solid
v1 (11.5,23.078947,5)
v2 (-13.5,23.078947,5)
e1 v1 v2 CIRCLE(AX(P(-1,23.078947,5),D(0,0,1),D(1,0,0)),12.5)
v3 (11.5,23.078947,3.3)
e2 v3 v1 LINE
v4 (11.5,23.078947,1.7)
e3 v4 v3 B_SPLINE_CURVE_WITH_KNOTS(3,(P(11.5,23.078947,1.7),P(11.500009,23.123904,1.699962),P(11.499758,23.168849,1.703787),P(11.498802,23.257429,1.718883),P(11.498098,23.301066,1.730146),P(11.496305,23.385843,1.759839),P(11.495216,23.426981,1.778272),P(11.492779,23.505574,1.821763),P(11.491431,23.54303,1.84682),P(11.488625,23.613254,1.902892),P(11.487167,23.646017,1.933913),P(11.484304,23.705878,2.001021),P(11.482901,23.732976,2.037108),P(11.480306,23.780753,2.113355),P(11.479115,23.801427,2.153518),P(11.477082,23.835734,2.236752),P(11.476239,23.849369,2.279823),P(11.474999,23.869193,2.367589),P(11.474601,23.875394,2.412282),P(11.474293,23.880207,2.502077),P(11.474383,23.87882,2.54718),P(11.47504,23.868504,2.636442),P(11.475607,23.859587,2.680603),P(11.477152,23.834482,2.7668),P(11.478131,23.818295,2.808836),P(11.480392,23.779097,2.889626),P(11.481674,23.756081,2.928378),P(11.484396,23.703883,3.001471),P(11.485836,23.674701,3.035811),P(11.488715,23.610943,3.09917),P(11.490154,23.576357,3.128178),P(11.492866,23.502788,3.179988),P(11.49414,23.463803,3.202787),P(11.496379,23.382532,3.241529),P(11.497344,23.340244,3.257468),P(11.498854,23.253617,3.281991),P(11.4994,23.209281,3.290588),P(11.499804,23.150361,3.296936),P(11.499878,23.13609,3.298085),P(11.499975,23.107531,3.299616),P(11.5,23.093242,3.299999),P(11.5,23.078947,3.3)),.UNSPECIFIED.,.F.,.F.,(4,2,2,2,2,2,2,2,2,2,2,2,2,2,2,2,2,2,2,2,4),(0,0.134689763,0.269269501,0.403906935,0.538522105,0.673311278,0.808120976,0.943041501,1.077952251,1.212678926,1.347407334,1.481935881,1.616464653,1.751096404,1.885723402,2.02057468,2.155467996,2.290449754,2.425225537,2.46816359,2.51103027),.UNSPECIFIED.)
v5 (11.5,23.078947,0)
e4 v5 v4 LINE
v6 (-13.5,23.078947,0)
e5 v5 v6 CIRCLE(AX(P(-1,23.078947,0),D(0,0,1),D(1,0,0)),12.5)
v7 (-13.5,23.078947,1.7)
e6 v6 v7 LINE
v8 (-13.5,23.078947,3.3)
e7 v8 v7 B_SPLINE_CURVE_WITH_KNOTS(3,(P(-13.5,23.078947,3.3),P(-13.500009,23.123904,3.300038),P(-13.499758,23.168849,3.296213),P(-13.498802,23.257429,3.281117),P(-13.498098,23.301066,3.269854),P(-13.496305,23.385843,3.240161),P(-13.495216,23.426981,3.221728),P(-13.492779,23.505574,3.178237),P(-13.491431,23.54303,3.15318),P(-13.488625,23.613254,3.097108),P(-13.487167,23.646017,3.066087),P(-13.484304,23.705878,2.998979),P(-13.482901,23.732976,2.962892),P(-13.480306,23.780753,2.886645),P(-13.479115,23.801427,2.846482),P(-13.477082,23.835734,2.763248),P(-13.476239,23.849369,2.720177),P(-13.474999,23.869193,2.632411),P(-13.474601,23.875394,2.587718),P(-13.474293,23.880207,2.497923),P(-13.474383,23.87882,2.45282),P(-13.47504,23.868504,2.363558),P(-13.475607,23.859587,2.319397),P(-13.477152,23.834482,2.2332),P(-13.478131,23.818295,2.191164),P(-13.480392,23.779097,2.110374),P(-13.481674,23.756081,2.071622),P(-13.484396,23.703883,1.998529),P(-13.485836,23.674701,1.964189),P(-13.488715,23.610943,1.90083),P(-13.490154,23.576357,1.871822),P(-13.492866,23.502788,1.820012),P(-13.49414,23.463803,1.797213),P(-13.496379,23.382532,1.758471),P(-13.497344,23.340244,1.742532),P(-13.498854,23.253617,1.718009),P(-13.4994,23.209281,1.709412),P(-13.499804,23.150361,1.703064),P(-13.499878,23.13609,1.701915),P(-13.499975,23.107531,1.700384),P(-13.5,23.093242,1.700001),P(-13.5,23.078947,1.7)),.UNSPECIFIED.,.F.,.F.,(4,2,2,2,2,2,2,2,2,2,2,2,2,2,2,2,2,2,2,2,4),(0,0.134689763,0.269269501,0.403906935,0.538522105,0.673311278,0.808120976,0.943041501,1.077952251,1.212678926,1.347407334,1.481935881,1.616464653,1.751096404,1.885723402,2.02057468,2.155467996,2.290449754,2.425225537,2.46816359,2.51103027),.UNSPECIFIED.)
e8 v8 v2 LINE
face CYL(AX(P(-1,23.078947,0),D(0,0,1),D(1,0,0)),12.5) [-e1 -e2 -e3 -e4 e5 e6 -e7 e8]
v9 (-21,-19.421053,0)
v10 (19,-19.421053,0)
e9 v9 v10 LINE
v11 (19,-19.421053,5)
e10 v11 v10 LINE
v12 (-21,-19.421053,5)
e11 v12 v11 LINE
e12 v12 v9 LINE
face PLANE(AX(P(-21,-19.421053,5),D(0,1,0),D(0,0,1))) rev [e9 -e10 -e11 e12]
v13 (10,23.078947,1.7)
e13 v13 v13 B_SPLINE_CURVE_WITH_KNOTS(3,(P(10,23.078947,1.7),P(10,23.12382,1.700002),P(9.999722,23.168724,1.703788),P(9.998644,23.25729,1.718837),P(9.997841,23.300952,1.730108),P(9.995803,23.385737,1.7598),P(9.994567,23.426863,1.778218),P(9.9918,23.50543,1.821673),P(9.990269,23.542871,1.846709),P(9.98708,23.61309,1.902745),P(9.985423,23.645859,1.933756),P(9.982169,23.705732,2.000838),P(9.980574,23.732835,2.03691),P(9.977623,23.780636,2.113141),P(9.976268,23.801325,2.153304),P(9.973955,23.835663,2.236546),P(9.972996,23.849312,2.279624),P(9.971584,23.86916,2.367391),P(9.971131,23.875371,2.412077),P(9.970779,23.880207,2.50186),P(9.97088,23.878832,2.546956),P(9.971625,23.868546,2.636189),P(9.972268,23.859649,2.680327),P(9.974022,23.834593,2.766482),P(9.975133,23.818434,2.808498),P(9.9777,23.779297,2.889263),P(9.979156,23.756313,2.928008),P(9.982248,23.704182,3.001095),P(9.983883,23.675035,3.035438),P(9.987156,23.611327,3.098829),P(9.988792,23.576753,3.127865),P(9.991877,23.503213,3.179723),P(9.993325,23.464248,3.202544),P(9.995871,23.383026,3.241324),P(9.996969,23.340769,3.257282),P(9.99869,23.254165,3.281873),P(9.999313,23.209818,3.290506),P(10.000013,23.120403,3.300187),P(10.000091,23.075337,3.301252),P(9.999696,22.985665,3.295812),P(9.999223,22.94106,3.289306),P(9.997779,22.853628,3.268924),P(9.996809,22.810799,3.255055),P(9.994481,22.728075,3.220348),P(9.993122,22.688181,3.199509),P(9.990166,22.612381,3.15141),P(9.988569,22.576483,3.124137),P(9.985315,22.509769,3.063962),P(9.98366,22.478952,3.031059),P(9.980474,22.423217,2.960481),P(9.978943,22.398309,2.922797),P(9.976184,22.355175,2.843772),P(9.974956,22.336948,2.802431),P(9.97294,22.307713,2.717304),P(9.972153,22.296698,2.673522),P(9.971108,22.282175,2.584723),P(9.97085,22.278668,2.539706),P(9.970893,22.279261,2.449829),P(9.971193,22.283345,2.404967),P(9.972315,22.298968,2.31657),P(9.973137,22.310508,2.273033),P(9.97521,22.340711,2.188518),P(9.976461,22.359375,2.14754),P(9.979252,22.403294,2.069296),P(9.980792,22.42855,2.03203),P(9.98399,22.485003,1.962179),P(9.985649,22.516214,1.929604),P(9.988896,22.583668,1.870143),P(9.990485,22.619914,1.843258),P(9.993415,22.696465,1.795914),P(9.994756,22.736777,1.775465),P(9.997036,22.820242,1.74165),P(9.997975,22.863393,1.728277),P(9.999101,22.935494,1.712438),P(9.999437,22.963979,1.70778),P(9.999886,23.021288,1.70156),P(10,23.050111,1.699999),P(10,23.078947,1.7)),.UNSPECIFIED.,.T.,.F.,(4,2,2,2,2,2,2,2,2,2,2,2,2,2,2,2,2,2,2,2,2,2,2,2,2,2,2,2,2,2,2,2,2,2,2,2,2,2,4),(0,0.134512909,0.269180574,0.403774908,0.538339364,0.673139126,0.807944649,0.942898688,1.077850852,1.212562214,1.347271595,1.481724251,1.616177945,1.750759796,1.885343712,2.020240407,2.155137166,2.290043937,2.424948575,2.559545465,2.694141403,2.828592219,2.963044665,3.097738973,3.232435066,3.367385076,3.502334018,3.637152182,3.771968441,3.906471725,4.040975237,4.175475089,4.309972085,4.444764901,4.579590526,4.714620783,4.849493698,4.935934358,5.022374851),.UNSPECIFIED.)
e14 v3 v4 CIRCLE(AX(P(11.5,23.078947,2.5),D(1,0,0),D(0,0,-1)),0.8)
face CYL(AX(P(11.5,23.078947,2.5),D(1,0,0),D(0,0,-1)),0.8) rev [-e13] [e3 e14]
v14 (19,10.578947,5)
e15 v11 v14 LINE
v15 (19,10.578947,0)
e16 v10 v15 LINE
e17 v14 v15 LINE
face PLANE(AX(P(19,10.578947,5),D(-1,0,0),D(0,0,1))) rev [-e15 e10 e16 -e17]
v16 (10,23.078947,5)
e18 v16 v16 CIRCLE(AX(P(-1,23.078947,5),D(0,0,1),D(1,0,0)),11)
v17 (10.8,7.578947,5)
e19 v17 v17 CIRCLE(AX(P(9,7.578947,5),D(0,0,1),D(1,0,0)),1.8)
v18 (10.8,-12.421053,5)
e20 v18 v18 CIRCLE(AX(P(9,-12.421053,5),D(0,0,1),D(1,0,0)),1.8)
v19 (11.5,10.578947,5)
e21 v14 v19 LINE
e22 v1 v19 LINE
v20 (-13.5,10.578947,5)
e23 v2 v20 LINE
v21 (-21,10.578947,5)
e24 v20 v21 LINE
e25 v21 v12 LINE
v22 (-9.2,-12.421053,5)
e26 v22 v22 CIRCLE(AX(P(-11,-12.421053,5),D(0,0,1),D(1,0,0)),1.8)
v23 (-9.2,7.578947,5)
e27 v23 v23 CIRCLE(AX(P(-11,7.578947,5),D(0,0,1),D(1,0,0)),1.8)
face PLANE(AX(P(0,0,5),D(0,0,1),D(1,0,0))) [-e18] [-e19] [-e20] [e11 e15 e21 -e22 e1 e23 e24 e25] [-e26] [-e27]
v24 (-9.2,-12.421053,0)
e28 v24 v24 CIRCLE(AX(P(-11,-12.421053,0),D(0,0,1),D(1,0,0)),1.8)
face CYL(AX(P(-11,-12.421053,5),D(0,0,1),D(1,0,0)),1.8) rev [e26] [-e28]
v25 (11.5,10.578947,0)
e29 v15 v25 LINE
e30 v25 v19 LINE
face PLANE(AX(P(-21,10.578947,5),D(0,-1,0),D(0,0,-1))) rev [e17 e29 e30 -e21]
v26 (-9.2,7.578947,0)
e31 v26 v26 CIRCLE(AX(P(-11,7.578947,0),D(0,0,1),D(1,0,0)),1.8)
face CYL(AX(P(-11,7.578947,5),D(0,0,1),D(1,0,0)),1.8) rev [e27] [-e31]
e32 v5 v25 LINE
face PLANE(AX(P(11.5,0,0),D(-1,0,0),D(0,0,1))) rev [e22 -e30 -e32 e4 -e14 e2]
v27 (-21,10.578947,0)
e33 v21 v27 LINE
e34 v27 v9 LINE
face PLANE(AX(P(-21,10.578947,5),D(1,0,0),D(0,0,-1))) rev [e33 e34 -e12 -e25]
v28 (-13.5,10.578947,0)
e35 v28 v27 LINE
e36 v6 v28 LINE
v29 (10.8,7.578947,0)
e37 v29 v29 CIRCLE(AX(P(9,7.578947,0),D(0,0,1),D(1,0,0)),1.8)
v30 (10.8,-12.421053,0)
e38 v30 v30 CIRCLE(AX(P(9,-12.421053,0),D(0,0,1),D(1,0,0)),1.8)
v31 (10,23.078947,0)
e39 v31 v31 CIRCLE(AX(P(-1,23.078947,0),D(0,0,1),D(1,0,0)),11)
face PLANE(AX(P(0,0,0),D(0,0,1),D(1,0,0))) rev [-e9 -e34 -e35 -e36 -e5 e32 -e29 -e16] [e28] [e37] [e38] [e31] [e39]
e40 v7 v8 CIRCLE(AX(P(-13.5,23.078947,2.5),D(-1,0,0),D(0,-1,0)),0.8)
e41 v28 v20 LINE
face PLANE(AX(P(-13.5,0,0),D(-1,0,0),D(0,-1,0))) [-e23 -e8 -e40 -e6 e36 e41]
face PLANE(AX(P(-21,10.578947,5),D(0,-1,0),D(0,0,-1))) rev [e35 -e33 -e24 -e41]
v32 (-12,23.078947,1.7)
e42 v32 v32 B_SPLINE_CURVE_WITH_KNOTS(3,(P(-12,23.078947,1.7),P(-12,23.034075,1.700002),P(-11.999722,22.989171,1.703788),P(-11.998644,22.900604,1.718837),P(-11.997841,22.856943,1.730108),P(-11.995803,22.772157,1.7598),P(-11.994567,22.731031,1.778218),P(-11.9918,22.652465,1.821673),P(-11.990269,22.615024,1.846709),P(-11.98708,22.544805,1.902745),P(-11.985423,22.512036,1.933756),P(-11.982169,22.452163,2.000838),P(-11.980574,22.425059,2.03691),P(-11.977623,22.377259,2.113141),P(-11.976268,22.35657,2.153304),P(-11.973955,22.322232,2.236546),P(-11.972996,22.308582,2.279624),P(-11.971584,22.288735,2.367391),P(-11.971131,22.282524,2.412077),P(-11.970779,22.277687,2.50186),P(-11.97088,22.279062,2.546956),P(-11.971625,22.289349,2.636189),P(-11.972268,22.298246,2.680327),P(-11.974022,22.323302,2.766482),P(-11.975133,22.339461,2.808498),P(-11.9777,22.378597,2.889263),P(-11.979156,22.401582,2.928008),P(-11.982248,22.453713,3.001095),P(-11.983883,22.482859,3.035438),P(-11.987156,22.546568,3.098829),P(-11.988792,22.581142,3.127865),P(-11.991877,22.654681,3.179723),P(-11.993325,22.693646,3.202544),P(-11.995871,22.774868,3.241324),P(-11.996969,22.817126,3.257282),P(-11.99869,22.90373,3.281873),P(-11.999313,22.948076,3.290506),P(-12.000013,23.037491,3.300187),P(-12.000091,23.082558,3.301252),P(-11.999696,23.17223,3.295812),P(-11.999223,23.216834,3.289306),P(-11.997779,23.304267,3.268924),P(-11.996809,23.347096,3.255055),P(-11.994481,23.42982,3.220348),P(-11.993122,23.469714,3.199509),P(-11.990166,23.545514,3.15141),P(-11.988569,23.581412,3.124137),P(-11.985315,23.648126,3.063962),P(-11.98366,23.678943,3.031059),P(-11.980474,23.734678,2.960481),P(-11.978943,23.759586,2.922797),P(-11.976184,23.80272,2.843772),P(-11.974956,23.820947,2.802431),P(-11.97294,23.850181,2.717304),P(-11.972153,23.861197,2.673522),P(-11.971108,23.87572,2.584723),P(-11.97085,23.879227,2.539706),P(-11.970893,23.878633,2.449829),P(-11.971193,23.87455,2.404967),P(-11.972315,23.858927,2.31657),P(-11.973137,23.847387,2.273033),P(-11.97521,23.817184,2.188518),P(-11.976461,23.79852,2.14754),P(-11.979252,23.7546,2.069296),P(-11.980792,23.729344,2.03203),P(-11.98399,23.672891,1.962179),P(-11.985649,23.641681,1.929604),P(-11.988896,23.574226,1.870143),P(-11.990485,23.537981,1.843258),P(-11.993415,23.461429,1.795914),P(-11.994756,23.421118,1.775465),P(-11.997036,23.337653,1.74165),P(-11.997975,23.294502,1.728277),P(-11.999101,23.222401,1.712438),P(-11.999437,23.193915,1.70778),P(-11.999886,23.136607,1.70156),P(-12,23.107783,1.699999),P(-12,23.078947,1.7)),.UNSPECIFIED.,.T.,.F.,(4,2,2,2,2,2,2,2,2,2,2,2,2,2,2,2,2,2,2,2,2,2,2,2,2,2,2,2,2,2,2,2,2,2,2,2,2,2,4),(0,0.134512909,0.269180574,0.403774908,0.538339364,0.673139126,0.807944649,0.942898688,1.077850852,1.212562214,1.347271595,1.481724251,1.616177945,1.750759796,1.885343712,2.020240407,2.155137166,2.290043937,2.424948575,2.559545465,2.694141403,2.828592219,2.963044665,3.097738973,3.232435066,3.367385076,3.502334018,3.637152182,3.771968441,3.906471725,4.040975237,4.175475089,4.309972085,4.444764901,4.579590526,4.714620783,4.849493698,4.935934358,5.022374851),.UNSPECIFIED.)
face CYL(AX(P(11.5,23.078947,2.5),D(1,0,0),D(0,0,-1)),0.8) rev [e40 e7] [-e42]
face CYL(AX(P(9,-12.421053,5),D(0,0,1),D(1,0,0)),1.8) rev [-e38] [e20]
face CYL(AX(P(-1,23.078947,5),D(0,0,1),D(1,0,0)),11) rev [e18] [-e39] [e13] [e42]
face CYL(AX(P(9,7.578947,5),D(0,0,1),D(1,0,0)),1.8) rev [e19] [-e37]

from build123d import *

# Parameters (mm, degrees)
ESQUISSE1_W                               = 40
ESQUISSE1_H                               = 30
BOSS_EXTRU_1_DEPTH                        = 5
BOSS_EXTRU_2_DEPTH                        = 5
TROUS_DE_CENTRAGE_1_0MM1_D                = 22
D_GAGEMENT_M34_D                          = 3.6
TROU_POUR_TARAUDAGE_POUR_TROU_TARAUD_M2_D = 1.6


with BuildPart() as part:
    # Esquisse1 → Boss.-Extru.1 (new body)
    with BuildSketch(Plane.XY):
        with Locations((-1, -4.421052632)):
            Rectangle(ESQUISSE1_W, ESQUISSE1_H)
    extrude(amount=BOSS_EXTRU_1_DEPTH)

    # Esquisse2 → Boss.-Extru.2 (add)
    with BuildSketch(Plane.XY.offset(5)):
        with BuildLine():
            Line((-13.5, 10.578947368), (11.5, 10.578947368))
            Line((11.5, 10.578947368), (11.5, 23.078947368))
            ThreePointArc((11.5, 23.078947368), (-1, 35.578947368), (-13.5, 23.078947368))
            Line((-13.5, 23.078947368), (-13.5, 10.578947368))
        make_face()
    extrude(amount=-BOSS_EXTRU_2_DEPTH)

    # Trous de centrage Ø1.0mm1 (through all)
    with Locations(Plane.XY.offset(5)):
        with Locations((-1, 23.078947368)):
            Hole(TROUS_DE_CENTRAGE_1_0MM1_D / 2)

    # Dégagement M34 (through all)
    with Locations(Plane.XY.offset(5)):
        with Locations((9, 7.578947368), (-11, 7.578947368), (-11, -12.421052632), (9, -12.421052632)):
            Hole(D_GAGEMENT_M34_D / 2)

    # Trou pour taraudage pour trou taraudé M23 (through all)
    with Locations(Plane(origin=(11.5, 0, 0), x_dir=(0, 0, -1), z_dir=(1, 0, 0))):
        with Locations((-2.5, 23.078947368)):
            Hole(TROU_POUR_TARAUDAGE_POUR_TROU_TARAUD_M2_D / 2)


solid = part.part
